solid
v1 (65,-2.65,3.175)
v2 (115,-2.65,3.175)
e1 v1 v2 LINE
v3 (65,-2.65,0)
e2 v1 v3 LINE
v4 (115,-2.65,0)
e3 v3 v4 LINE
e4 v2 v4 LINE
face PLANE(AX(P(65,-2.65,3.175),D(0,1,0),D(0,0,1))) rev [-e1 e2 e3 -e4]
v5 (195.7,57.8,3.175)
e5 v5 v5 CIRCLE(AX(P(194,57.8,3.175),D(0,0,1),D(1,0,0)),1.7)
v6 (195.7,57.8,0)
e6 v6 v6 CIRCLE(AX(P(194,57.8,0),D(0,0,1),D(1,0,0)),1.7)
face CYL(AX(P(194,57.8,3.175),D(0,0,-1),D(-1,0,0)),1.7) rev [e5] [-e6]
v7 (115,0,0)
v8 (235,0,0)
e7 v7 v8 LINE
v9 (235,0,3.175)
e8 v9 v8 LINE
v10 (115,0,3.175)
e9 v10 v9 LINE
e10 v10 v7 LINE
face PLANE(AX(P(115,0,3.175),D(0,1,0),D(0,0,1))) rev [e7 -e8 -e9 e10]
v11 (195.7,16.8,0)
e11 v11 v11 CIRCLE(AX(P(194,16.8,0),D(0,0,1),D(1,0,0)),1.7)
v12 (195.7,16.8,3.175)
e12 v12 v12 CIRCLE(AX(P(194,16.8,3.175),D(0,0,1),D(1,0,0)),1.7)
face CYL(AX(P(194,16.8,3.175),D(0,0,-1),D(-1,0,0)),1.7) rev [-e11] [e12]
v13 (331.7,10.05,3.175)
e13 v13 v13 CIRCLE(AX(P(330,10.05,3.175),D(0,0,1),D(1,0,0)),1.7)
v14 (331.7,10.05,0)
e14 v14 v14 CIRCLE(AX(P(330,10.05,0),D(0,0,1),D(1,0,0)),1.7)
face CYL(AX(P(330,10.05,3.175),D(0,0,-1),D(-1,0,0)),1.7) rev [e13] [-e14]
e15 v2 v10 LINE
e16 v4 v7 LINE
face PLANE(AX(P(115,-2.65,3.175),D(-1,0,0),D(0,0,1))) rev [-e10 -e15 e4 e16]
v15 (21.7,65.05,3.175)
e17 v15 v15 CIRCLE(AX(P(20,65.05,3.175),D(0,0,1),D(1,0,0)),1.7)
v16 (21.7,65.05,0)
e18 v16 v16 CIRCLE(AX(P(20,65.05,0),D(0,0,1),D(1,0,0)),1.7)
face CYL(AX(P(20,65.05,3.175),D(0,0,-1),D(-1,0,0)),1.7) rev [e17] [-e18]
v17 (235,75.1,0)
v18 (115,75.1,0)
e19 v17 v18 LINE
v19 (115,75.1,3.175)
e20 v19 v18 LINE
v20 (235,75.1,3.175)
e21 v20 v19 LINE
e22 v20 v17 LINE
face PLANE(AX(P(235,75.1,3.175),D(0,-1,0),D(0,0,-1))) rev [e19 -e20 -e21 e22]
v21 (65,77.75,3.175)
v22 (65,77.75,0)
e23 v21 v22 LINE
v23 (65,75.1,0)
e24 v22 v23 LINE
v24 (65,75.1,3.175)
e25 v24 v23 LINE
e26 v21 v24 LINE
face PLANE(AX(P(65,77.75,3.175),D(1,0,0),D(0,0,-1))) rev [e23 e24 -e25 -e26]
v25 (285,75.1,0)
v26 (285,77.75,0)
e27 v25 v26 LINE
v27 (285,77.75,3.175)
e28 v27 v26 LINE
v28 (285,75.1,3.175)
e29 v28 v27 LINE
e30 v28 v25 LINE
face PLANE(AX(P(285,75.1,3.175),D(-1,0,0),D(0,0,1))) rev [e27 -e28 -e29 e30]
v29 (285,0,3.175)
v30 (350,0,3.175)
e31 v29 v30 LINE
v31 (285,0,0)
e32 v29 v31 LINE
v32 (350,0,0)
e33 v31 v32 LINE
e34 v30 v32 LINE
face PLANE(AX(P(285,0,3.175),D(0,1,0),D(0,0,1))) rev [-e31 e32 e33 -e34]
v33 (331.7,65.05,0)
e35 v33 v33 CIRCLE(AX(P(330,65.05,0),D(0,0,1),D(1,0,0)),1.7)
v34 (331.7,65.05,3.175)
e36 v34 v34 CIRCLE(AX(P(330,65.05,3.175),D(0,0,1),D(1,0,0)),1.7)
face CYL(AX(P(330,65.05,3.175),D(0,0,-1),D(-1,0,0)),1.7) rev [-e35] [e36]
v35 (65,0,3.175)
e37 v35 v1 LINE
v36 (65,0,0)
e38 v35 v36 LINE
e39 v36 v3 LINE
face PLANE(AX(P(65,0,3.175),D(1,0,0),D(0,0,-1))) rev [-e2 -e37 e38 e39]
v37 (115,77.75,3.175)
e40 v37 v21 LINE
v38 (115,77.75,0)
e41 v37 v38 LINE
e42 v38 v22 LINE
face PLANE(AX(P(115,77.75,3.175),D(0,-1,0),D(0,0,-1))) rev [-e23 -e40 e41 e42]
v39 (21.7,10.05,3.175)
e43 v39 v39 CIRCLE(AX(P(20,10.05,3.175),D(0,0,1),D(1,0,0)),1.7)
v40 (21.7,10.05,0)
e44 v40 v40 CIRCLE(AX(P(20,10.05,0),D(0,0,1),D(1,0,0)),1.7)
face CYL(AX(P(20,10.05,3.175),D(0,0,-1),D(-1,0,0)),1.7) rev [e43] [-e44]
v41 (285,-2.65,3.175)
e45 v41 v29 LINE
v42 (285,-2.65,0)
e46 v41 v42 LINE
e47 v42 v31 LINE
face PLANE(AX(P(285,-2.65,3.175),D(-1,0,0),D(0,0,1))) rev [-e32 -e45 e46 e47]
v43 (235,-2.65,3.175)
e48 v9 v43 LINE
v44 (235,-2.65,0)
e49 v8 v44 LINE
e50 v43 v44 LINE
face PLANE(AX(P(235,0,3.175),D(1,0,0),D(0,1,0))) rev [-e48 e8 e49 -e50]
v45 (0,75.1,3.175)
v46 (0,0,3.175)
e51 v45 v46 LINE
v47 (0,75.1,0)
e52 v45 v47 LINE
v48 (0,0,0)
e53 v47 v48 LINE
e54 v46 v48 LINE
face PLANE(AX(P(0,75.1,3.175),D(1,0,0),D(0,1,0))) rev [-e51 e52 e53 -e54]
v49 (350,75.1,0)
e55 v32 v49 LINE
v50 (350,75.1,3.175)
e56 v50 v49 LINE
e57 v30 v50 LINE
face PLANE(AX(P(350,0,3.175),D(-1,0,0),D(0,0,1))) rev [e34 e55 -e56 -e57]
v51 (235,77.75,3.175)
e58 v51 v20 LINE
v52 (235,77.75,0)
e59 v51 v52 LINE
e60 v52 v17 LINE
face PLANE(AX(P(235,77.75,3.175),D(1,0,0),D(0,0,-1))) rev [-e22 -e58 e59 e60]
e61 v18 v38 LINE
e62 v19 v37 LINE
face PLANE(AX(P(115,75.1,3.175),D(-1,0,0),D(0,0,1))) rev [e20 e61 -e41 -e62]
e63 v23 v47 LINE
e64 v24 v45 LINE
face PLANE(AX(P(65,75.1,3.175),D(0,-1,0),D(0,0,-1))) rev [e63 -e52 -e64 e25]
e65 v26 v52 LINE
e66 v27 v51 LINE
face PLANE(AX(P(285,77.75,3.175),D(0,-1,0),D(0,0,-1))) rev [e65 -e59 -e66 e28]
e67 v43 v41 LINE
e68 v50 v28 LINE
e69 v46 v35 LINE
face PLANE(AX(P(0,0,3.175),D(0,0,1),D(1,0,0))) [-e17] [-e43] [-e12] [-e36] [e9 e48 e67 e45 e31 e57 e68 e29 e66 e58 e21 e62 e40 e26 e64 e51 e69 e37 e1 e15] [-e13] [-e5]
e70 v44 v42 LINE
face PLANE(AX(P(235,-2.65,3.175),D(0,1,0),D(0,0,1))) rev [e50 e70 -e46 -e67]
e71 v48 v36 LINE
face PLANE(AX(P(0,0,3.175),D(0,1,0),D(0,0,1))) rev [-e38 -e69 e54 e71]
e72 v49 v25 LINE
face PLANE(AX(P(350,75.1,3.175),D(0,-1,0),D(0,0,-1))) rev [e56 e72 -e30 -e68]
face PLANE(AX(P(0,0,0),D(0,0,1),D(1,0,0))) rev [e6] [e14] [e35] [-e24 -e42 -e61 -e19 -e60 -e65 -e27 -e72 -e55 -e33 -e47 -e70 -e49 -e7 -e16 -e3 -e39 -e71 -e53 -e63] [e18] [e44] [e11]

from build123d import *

# Parameters (mm, degrees)
SKETCH2_R           = 1.7
BOSS_EXTRUDE1_DEPTH = 3.175


with BuildPart() as part:
    # Sketch2 → Boss-Extrude1 (new body)
    with BuildSketch(Plane.XY):
        Polygon((0, 0), (65, 0), (65, -2.65), (115, -2.65), (115, 0), (235, 0), (235, -2.65), (285, -2.65), (285, 0), (350, 0), (350, 75.1), (285, 75.1), (285, 77.75), (235, 77.75), (235, 75.1), (115, 75.1), (115, 77.75), (65, 77.75), (65, 75.1), (0, 75.1), align=None)
        with Locations((20, 10.05)):
            Circle(SKETCH2_R, mode=Mode.SUBTRACT)
        with Locations((330, 10.05)):
            Circle(SKETCH2_R, mode=Mode.SUBTRACT)
        with Locations((330, 65.05)):
            Circle(SKETCH2_R, mode=Mode.SUBTRACT)
        with Locations((20, 65.05)):
            Circle(SKETCH2_R, mode=Mode.SUBTRACT)
        with Locations((194, 16.8)):
            Circle(SKETCH2_R, mode=Mode.SUBTRACT)
        with Locations((194, 57.8)):
            Circle(SKETCH2_R, mode=Mode.SUBTRACT)
    extrude(amount=BOSS_EXTRUDE1_DEPTH)


solid = part.part
